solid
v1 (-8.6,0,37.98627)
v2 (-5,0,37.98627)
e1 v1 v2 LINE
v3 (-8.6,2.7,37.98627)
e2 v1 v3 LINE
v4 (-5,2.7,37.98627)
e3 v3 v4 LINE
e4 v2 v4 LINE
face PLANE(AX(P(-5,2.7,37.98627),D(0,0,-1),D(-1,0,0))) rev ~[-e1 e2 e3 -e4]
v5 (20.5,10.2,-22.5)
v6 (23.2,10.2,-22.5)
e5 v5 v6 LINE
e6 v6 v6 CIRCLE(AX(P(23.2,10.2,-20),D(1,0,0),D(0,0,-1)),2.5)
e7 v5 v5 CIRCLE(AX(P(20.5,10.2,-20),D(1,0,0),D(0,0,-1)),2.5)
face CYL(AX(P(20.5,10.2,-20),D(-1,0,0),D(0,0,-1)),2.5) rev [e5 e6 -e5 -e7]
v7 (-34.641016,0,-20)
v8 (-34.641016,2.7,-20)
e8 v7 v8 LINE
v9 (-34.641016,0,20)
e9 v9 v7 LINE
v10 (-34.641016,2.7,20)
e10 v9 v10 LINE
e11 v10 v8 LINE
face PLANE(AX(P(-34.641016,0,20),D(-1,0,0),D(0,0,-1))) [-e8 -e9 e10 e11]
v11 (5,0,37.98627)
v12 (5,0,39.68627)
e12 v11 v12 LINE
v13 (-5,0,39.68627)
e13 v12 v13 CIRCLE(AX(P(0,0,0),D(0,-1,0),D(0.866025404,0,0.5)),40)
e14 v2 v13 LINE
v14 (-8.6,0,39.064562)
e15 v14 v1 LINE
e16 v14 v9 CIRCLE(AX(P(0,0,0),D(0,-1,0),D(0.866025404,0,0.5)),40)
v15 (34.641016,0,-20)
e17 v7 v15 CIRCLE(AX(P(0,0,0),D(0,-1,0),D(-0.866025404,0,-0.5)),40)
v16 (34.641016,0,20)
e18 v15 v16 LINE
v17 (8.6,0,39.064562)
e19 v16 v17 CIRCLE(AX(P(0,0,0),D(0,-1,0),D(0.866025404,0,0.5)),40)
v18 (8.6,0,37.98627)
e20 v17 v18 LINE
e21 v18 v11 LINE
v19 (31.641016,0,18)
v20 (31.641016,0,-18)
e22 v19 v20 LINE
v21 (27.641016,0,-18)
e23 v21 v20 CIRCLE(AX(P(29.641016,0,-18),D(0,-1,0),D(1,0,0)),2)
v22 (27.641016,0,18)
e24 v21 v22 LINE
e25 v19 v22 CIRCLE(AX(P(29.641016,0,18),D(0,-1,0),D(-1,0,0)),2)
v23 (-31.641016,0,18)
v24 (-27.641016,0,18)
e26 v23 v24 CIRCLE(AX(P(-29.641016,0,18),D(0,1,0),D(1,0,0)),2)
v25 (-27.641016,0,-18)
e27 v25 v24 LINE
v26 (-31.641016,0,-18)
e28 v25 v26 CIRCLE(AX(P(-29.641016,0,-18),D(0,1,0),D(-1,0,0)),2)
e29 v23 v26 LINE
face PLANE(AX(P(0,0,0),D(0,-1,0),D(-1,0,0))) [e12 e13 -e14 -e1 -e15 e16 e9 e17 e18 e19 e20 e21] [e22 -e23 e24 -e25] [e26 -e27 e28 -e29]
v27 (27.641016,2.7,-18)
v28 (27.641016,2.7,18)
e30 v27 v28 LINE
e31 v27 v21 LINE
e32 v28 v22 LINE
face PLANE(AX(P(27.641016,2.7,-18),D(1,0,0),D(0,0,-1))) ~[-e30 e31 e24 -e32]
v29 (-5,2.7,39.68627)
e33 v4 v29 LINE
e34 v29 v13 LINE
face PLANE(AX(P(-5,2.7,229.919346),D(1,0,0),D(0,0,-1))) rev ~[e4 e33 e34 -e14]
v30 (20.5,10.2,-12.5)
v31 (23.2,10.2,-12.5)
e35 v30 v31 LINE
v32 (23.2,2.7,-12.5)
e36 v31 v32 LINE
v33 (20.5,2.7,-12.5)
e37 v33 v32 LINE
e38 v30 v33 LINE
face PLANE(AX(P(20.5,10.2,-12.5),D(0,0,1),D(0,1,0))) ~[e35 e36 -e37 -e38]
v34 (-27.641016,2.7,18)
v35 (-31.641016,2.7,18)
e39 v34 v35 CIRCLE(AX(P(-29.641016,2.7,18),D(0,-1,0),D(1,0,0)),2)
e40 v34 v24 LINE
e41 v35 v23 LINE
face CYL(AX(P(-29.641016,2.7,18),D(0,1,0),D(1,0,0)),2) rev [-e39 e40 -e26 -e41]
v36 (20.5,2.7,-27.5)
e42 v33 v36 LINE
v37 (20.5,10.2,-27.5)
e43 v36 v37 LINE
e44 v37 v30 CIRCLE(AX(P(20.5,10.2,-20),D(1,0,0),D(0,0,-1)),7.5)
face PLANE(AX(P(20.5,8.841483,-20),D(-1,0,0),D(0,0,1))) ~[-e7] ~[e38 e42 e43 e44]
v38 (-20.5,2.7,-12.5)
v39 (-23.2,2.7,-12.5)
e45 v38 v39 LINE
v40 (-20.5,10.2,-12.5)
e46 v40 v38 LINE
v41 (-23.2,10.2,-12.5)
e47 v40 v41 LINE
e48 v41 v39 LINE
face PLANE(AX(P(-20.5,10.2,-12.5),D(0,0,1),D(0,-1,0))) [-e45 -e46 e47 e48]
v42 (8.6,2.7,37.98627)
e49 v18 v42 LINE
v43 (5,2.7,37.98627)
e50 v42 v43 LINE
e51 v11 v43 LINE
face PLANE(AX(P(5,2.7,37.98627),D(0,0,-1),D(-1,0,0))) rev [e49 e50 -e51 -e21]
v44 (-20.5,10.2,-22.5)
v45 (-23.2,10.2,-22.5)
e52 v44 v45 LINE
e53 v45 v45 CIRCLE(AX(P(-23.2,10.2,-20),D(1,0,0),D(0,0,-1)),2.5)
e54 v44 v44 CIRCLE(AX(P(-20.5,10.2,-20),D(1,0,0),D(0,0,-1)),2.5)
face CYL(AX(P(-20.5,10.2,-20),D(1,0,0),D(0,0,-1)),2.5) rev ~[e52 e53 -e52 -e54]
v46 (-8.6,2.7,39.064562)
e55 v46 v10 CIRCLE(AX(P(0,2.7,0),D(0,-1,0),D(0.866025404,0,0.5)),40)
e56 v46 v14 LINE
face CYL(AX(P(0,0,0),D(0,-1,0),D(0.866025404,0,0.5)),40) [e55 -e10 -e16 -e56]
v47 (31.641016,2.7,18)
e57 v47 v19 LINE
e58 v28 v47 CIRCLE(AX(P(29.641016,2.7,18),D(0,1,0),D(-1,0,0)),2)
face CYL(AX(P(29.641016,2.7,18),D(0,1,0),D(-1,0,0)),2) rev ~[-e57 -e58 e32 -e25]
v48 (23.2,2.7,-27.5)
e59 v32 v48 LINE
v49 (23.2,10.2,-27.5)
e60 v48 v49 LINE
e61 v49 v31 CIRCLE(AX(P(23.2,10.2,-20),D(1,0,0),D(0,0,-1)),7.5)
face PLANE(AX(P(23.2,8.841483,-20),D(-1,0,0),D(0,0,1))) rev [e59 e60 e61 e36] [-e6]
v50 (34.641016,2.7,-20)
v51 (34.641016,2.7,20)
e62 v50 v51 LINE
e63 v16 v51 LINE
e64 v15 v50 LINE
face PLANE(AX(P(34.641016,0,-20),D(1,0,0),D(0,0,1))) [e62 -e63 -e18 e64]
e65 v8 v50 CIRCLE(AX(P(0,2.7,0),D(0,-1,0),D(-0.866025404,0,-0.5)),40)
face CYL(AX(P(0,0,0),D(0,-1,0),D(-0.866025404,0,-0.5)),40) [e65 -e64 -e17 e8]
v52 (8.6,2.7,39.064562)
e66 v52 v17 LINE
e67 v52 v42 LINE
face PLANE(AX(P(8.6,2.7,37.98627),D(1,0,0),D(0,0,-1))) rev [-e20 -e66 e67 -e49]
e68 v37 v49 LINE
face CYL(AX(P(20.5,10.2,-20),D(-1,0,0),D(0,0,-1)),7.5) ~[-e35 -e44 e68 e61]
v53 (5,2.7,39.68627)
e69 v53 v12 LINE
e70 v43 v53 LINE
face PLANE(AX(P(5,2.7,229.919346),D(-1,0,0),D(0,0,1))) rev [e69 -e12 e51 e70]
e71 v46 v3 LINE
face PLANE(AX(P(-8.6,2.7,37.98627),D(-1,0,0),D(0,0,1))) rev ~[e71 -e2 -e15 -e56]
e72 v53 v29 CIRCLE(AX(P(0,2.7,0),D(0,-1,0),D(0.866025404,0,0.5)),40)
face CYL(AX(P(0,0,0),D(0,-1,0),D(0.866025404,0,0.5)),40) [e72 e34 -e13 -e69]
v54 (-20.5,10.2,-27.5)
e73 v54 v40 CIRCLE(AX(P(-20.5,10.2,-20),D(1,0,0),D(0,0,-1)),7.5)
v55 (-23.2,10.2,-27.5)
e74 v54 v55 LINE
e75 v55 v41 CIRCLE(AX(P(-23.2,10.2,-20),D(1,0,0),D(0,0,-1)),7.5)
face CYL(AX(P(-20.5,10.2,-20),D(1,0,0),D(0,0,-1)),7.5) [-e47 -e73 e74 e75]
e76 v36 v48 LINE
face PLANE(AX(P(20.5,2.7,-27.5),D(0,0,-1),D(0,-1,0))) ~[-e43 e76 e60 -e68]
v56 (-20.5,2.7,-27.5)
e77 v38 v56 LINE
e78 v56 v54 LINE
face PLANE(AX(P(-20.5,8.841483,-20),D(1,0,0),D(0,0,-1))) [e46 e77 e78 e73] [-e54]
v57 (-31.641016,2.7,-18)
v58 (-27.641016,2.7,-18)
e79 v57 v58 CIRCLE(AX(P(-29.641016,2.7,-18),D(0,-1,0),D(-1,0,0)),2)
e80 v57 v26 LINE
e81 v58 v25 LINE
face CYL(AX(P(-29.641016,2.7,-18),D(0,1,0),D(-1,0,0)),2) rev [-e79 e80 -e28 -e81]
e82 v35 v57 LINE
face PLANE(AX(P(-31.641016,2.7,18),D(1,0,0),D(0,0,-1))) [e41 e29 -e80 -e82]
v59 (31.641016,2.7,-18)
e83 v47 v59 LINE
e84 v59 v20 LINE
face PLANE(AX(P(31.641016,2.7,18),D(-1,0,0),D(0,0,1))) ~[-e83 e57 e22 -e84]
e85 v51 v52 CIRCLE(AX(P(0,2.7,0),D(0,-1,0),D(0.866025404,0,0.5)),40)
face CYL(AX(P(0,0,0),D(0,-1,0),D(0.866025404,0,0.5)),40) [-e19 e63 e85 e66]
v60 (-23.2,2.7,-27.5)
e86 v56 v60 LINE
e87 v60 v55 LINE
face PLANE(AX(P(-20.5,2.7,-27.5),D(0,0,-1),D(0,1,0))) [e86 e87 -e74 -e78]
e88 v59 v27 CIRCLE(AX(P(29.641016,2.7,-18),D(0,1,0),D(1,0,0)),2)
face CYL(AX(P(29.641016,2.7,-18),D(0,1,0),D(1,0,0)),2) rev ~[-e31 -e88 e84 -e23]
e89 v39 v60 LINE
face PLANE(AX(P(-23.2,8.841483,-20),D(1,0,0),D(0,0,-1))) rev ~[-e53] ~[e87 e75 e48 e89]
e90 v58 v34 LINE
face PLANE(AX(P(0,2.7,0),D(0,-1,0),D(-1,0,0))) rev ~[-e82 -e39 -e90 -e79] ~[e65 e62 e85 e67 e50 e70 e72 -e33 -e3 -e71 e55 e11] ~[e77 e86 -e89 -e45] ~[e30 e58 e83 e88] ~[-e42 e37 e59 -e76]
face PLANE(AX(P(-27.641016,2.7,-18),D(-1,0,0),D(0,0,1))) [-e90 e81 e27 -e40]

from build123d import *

# Parameters (mm, degrees)
BASE_DEPTH            = 2.7
WHEEL_HOLE_REACH      = 54.984
SKETCH3_R             = 2.5
BATTERY_HOLDER_DEPTH  = 2.7
IR_SENSOR_DIVOT_DEPTH = 56


with BuildPart() as part:
    # Sketch1 → Base (new body)
    with BuildSketch(Plane(origin=(0, 0, 0), x_dir=(1, 0, 0), z_dir=(0, 1, 0))):
        with BuildLine():
            Line((34.641016151, 20), (34.641016151, -20))
            ThreePointArc((34.641016151, -20), (0, -40), (-34.641016151, -20))
            Line((-34.641016151, -20), (-34.641016151, 20))
            ThreePointArc((-34.641016151, 20), (0, 40), (34.641016151, 20))
        make_face()
    extrude(amount=BASE_DEPTH)

    # Sketch2 → Wheel Hole (cut, up to next)
    with BuildSketch(Plane(origin=(0, 2.7, 0), x_dir=(-1, 0, 0), z_dir=(0, 1, 0)), mode=Mode.PRIVATE) as wheel_hole_sk1:
        with BuildLine():
            Line((27.641016151, -18), (27.641016151, 18))
            ThreePointArc((27.641016151, 18), (29.641016151, 20), (31.641016151, 18))
            Line((31.641016151, 18), (31.641016151, -18))
            ThreePointArc((31.641016151, -18), (29.641016151, -20), (27.641016151, -18))
        make_face()
    wheel_hole_tool1 = extrude(wheel_hole_sk1.sketch, amount=-WHEEL_HOLE_REACH, mode=Mode.PRIVATE) & part.part
    wheel_hole = wheel_hole_tool1.solids().sort_by_distance((-29.641016, 2.7, 0))[0]
    add(wheel_hole, mode=Mode.SUBTRACT)

    # Sketch3 → Battery Holder (add)
    with BuildSketch(Plane(origin=(-20.5, 0, 0), x_dir=(0, 0, -1), z_dir=(1, 0, 0))):
        with BuildLine():
            Line((27.5, 2.7), (27.5, 10.2))
            ThreePointArc((27.5, 10.2), (20, 17.7), (12.5, 10.2))
            Line((12.5, 10.2), (12.5, 2.7))
            Line((12.5, 2.7), (27.5, 2.7))
        make_face()
        with Locations((20, 10.2)):
            Circle(SKETCH3_R, mode=Mode.SUBTRACT)
    battery_holder = extrude(amount=-BATTERY_HOLDER_DEPTH)

    # Sketch5 → IR Sensor Divot (cut, symmetric)
    with BuildSketch(Plane(origin=(0, 2.7, 0), x_dir=(-1, 0, 0), z_dir=(0, 1, 0))):
        Polygon((5, 229.919345803), (5, 39.686269666), (5, 37.986269666), (8.6, 37.986269666), (8.6, 39.064561946), (8.6, 229.297638083), (73.346792401, 604.214089975), (69.746792401, 604.835797696), align=None)
    ir_sensor_divot = extrude(amount=IR_SENSOR_DIVOT_DEPTH, both=True, mode=Mode.SUBTRACT)

    # Mirror 2: Wheel Hole, Battery Holder, IR Sensor Divot across plane
    add(wheel_hole.mirror(Plane(origin=(0, 0, 0), x_dir=(0, 0, 1), z_dir=(1, 0, 0))), mode=Mode.SUBTRACT)
    add(battery_holder.mirror(Plane(origin=(0, 0, 0), x_dir=(0, 0, 1), z_dir=(1, 0, 0))))
    add(ir_sensor_divot.mirror(Plane(origin=(0, 0, 0), x_dir=(0, 0, 1), z_dir=(1, 0, 0))), mode=Mode.SUBTRACT)


solid = part.part
